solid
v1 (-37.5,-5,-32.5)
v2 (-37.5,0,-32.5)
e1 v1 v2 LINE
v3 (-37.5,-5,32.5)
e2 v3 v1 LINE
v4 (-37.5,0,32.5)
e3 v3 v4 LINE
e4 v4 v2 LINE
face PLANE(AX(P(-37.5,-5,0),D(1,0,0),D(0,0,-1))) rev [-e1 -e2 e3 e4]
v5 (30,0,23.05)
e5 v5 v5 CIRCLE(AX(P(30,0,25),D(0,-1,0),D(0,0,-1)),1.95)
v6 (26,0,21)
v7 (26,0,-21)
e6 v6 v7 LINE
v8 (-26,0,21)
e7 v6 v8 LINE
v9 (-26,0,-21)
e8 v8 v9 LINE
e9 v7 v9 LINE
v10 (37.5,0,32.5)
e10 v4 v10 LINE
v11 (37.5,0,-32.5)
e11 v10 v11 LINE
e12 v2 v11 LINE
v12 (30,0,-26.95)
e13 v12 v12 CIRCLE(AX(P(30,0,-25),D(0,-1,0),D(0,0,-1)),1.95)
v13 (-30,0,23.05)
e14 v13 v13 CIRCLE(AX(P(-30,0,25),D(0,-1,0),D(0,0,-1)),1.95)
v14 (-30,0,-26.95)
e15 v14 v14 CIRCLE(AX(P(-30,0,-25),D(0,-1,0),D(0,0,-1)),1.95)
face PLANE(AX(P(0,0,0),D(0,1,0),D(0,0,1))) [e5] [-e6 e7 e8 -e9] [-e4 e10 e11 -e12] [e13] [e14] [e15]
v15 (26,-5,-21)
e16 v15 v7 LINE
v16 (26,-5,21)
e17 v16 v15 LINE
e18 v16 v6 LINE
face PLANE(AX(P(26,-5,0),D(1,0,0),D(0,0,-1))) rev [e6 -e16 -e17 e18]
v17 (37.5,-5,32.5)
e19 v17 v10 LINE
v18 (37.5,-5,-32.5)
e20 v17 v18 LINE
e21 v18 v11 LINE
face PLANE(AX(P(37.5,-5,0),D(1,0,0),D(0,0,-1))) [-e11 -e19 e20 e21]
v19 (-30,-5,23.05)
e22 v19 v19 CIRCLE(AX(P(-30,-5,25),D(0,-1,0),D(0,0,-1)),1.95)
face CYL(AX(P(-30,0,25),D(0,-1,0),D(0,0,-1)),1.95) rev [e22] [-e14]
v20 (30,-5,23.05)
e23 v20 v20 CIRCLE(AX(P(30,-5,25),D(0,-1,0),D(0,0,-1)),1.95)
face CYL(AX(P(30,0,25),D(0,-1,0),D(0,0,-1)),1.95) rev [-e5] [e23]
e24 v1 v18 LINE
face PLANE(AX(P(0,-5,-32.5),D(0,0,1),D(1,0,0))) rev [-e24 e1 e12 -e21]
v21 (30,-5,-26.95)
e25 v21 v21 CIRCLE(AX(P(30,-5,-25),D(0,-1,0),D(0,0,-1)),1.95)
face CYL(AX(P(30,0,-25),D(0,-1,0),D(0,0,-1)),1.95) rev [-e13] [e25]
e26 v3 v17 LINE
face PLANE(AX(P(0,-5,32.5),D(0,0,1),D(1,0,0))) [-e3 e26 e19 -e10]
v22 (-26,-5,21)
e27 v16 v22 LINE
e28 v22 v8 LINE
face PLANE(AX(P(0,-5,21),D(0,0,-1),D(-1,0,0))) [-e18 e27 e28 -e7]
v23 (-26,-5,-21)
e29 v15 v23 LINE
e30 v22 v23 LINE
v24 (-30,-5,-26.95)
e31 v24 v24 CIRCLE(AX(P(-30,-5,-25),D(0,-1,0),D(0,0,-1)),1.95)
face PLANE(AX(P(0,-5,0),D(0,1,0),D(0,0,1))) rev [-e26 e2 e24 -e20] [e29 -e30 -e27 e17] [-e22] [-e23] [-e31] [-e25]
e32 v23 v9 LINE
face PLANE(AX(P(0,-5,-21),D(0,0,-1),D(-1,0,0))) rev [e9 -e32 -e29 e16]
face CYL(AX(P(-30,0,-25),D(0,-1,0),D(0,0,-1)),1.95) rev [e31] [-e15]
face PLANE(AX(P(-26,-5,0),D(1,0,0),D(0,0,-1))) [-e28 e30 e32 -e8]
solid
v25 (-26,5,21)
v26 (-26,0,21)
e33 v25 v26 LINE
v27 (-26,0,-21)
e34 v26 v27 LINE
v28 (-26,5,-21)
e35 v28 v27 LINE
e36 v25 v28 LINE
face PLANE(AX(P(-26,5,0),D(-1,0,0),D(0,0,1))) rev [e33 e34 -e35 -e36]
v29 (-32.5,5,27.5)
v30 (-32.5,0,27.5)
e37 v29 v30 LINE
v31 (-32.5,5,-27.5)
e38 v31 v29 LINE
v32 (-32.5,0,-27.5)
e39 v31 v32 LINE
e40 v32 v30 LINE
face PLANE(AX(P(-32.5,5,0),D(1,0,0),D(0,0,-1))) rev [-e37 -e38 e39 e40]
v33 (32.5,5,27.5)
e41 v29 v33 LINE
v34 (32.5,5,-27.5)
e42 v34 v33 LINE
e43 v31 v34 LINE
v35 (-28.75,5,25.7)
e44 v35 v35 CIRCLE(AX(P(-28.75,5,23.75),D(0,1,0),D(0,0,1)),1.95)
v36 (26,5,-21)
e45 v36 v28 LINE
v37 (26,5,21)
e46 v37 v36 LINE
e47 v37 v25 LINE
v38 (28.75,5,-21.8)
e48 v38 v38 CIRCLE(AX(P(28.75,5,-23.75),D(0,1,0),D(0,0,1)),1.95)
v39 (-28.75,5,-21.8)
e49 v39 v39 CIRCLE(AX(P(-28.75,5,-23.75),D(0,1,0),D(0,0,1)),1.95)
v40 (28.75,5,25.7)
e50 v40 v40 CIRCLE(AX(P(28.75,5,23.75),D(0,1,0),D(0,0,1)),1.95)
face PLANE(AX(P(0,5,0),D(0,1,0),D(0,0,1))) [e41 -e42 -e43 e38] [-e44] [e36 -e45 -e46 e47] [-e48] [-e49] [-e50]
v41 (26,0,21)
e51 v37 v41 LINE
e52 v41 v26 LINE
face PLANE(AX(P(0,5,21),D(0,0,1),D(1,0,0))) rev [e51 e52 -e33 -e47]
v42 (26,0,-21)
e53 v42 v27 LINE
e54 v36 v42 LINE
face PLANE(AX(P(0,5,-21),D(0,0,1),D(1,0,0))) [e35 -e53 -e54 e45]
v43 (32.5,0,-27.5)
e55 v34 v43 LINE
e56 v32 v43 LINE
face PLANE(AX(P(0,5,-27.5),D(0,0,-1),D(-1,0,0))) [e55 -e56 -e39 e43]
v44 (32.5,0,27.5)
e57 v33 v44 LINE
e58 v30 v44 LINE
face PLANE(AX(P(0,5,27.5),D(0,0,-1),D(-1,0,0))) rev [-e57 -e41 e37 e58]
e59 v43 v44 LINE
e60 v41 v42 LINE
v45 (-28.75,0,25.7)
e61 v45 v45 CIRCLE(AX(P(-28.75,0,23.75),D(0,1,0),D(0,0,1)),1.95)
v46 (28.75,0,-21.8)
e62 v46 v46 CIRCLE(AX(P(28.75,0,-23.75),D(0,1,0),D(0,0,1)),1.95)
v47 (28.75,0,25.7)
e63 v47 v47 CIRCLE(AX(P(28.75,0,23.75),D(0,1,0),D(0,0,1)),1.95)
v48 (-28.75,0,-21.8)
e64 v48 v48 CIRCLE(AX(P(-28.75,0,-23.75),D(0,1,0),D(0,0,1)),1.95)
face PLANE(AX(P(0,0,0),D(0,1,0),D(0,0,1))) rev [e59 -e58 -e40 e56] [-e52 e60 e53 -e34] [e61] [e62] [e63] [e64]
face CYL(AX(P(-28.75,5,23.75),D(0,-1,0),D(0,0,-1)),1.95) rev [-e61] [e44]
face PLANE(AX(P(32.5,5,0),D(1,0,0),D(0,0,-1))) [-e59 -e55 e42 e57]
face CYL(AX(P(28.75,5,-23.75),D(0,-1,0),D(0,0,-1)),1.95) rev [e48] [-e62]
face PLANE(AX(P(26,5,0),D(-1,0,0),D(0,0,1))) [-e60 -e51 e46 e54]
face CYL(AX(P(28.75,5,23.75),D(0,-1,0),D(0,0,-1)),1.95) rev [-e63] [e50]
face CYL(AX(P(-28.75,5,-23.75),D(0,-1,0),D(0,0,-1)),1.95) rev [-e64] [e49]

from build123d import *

# Parameters (mm, degrees)
SKETCH1_W           = 65
SKETCH1_H           = 55
SKETCH1_R           = 1.95
SKETCH1_W_2         = 52
SKETCH1_H_2         = 42
BOSS_EXTRUDE1_DEPTH = 5
SKETCH1_3_W         = 75
SKETCH1_3_H         = 65
SKETCH1_3_W_2       = 52
SKETCH1_3_H_2       = 42
BOSS_EXTRUDE2_DEPTH = 5
SKETCH2_R           = 1.95
CUT_EXTRUDE1_DEPTH  = 5


with BuildPart() as part:
    # Sketch1 → Boss-Extrude1 (new body)
    with BuildSketch(Plane(origin=(0, 0, 0), x_dir=(1, 0, 0), z_dir=(0, 1, 0))):
        Rectangle(SKETCH1_W, SKETCH1_H)
        with Locations((-28.75, 23.75)):
            Circle(SKETCH1_R, mode=Mode.SUBTRACT)
        with Locations((28.75, 23.75)):
            Circle(SKETCH1_R, mode=Mode.SUBTRACT)
        with Locations((-28.75, -23.75)):
            Circle(SKETCH1_R, mode=Mode.SUBTRACT)
        with Locations((28.75, -23.75)):
            Circle(SKETCH1_R, mode=Mode.SUBTRACT)
        Rectangle(SKETCH1_W_2, SKETCH1_H_2, mode=Mode.SUBTRACT)
    extrude(amount=BOSS_EXTRUDE1_DEPTH)


with BuildPart() as body_2:
    # Sketch1<3> → Boss-Extrude2 (new body)
    with BuildSketch(Plane(origin=(0, 0, 0), x_dir=(1, 0, 0), z_dir=(0, 1, 0))):
        Rectangle(SKETCH1_3_W, SKETCH1_3_H)
        Rectangle(SKETCH1_3_W_2, SKETCH1_3_H_2, mode=Mode.SUBTRACT)
    extrude(amount=-BOSS_EXTRUDE2_DEPTH)

    # Sketch2 → Cut-Extrude1 (cut)
    with BuildSketch(Plane.XZ.offset(5)):
        with Locations((-30, 25)):
            Circle(SKETCH2_R)
        with Locations((30, 25)):
            Circle(SKETCH2_R)
        with Locations((-30, -25)):
            Circle(SKETCH2_R)
        with Locations((30, -25)):
            Circle(SKETCH2_R)
    extrude(amount=-CUT_EXTRUDE1_DEPTH, mode=Mode.SUBTRACT)


solid = Compound([part.part, body_2.part])
